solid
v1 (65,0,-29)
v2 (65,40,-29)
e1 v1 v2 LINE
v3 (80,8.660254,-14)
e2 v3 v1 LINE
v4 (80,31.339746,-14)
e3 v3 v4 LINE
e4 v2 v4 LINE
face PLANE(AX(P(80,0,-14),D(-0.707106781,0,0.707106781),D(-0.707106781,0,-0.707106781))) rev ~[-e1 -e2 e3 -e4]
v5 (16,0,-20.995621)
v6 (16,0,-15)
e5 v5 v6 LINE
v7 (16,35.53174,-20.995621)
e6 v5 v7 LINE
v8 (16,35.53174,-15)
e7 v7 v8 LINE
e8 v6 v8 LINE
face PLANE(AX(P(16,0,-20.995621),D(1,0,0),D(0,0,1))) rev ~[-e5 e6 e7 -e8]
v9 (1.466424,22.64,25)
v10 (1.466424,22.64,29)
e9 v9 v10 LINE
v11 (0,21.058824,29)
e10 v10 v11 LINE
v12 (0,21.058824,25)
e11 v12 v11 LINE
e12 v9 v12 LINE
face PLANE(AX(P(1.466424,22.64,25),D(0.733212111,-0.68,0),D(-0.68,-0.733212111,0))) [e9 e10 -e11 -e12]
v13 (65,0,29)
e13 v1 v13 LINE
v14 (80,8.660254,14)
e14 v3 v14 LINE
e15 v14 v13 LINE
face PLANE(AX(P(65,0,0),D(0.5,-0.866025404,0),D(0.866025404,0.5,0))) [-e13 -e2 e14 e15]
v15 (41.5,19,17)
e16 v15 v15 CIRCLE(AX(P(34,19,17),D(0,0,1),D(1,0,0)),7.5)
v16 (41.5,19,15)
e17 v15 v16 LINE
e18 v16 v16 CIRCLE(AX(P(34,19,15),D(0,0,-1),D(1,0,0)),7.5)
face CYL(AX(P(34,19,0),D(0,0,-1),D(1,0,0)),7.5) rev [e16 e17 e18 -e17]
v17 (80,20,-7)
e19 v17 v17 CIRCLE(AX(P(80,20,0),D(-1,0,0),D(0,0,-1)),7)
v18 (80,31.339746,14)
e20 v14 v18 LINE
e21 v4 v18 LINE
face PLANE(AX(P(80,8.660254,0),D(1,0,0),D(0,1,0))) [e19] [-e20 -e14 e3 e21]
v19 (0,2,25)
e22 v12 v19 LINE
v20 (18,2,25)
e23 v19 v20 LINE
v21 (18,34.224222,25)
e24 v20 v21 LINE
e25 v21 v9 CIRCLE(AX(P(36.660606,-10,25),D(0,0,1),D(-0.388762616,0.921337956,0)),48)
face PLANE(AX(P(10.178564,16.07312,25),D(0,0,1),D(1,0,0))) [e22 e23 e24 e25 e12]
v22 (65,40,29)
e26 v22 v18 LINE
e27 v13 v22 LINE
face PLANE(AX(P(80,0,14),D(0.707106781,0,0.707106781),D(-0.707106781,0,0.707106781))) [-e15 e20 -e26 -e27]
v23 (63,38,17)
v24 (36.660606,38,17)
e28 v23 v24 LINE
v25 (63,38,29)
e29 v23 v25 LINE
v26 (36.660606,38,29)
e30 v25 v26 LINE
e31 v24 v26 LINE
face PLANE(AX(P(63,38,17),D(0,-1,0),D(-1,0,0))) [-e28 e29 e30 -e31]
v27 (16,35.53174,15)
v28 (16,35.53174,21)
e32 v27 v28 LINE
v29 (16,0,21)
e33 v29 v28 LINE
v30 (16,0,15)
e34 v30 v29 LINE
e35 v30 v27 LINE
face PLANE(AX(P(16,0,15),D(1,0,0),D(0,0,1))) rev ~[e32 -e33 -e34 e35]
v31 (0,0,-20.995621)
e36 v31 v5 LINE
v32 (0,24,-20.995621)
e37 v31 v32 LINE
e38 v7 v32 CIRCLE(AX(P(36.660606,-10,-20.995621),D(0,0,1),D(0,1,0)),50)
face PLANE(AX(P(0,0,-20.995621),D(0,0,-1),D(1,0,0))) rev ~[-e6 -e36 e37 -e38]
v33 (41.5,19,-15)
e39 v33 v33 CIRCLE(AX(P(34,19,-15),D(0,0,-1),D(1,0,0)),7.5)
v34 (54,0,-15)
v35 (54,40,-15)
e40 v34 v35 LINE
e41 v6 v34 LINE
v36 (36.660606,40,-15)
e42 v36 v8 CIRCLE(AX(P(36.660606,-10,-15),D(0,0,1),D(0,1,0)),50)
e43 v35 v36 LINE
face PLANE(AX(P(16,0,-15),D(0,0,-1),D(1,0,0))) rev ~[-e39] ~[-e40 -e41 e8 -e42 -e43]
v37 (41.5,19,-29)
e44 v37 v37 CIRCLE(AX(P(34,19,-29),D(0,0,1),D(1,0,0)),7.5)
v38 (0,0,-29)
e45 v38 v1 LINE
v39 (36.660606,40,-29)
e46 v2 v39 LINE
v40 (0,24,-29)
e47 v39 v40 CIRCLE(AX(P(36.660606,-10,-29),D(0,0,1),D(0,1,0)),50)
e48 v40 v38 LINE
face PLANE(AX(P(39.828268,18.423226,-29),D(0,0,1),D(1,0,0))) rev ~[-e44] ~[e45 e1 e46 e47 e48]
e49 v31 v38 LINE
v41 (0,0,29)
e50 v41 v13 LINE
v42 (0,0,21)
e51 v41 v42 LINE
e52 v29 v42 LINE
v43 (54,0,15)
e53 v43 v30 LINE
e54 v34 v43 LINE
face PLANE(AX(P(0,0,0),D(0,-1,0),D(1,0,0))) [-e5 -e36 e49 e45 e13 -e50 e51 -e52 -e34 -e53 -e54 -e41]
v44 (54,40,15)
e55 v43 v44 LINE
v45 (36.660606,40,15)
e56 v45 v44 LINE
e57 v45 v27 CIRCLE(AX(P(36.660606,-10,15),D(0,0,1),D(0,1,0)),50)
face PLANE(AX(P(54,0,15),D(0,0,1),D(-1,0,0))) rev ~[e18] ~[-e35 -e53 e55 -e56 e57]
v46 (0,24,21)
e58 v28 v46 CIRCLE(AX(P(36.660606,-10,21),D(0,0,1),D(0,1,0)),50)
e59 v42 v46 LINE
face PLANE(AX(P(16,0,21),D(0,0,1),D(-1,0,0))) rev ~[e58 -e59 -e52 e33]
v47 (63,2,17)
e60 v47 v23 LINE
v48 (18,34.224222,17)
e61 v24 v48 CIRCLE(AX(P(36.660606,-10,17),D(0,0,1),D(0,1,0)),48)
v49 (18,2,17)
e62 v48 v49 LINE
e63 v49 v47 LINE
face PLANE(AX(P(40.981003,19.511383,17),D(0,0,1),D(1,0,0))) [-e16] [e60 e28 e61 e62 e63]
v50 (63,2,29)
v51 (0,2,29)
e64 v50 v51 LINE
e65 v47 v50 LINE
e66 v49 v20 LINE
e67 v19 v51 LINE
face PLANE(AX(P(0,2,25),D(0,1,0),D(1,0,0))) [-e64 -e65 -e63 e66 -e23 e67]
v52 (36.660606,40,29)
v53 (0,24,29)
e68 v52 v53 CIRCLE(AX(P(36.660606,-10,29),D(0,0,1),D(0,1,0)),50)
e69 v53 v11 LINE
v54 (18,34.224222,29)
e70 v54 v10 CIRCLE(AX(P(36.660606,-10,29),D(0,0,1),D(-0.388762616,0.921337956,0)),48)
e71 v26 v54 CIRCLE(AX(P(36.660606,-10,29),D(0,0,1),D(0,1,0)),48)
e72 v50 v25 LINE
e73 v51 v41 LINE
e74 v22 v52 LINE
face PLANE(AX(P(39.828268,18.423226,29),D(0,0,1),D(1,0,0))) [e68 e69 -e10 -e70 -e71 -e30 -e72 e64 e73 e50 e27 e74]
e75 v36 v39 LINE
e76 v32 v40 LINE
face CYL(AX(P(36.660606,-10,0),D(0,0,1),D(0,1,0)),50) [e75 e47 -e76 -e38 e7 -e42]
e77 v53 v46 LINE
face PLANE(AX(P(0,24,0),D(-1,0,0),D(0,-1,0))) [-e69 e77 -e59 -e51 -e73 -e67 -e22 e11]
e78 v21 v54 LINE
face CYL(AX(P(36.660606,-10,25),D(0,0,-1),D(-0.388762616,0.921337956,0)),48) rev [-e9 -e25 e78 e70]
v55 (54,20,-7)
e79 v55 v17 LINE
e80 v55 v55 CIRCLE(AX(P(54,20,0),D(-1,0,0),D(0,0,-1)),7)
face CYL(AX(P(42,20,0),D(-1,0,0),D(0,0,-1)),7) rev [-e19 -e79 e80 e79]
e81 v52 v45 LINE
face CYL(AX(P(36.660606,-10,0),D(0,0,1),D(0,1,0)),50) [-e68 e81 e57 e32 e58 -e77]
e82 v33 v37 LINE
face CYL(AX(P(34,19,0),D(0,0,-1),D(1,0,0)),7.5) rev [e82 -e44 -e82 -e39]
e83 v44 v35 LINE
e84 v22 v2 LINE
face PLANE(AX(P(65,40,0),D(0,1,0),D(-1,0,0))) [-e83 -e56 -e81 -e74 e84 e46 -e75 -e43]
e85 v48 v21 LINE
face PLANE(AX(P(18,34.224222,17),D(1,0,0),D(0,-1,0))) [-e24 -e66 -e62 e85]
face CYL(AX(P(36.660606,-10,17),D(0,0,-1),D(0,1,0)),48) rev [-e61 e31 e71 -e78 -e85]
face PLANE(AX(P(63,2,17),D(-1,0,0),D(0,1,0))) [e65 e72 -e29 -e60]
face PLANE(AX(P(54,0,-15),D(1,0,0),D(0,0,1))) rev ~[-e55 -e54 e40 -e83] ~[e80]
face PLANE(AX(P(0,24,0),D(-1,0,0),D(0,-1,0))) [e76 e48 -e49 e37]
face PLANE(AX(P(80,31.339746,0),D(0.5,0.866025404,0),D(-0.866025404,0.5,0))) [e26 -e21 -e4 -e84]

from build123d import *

# Parameters (mm, degrees)
SKETCH1_R               = 7.5
BOSS_EXTRUDE1_DEPTH     = 29
CUT_EXTRUDE1_DEPTH      = 65
CUT_EXTRUDE2_DEPTH      = 95.026591983
CUT_EXTRUDE2_DEPTH_BACK = 38
SKETCH4_R               = 7
CUT_EXTRUDE3_DEPTH      = 40
CUT_EXTRUDE6_START      = -12
SKETCH10_R              = 7.5
CUT_EXTRUDE6_DEPTH      = 12
CUT_EXTRUDE7_START      = -4
CUT_EXTRUDE7_DEPTH      = 4


with BuildPart() as part:
    # Sketch1 → Boss-Extrude1 (new, symmetric)
    with BuildSketch(Plane.XY):
        with BuildLine():
            Line((0, 0), (65, 0))
            Line((65, 0), (80, 8.660254038))
            Line((80, 8.660254038), (80, 31.339745962))
            Line((80, 31.339745962), (65, 40))
            Line((65, 40), (36.66060556, 40))
            ThreePointArc((36.66060556, 40), (16.66060556, 35.82575695), (0, 24))
            Line((0, 24), (0, 0))
        make_face()
        with Locations((34, 19)):
            Circle(SKETCH1_R, mode=Mode.SUBTRACT)
    extrude(amount=BOSS_EXTRUDE1_DEPTH, both=True)

    # Sketch2 → Cut-Extrude1 (cut)
    with BuildSketch(Plane(origin=(0, 0, 0), x_dir=(1, 0, 0), z_dir=(0, 1, 0))):
        Polygon((0, 20.995620851), (16, 20.995620851), (16, 15), (54, 15), (54, -15), (16, -15), (16, -21), (0, -21), align=None)
    extrude(amount=CUT_EXTRUDE1_DEPTH, mode=Mode.SUBTRACT)

    # Sketch4 → Cut-Extrude2 (cut, two sides: drawn at the far end of the back side and taken through both)
    with BuildSketch(Plane(origin=(80, 0, 0), x_dir=(0, 0, -1), z_dir=(1, 0, 0)).offset(-CUT_EXTRUDE2_DEPTH_BACK)):
        with Locations((0, 20)):
            Circle(SKETCH4_R)
    extrude(amount=CUT_EXTRUDE2_DEPTH + CUT_EXTRUDE2_DEPTH_BACK, mode=Mode.SUBTRACT)

    # Sketch6 → Cut-Extrude3 (cut)
    with BuildSketch(Plane(origin=(0, 0, 0), x_dir=(1, 0, 0), z_dir=(0, 1, 0))):
        Polygon((65, 29), (80, 29), (80, 14), align=None)
        Polygon((65, -29), (80, -29), (80, -14), align=None)
    extrude(amount=CUT_EXTRUDE3_DEPTH, mode=Mode.SUBTRACT)

    # Sketch10 → Cut-Extrude6 (cut)
    with BuildSketch(Plane.XY.offset(29).offset(CUT_EXTRUDE6_START)):
        with BuildLine():
            Line((18, 34.224221872), (18, 2))
            Line((18, 2), (63, 2))
            Line((63, 2), (63, 38))
            Line((63, 38), (36.66060556, 38))
            ThreePointArc((36.66060556, 38), (27.141221384, 37.046586751), (18, 34.224221872))
        make_face()
        with Locations((34, 19)):
            Circle(SKETCH10_R, mode=Mode.SUBTRACT)
    extrude(amount=CUT_EXTRUDE6_DEPTH, mode=Mode.SUBTRACT)

    # Sketch10<5> → Cut-Extrude7 (cut)
    with BuildSketch(Plane.XY.offset(29).offset(CUT_EXTRUDE7_START)):
        with BuildLine():
            Line((18, 2), (18, 34.224221872))
            ThreePointArc((18, 34.224221872), (9.117311148, 29.311155325), (1.466424222, 22.64))
            Line((1.466424222, 22.64), (0, 21.058823529))
            Line((0, 21.058823529), (0, 2))
            Line((0, 2), (18, 2))
        make_face()
    extrude(amount=CUT_EXTRUDE7_DEPTH, mode=Mode.SUBTRACT)


solid = part.part
